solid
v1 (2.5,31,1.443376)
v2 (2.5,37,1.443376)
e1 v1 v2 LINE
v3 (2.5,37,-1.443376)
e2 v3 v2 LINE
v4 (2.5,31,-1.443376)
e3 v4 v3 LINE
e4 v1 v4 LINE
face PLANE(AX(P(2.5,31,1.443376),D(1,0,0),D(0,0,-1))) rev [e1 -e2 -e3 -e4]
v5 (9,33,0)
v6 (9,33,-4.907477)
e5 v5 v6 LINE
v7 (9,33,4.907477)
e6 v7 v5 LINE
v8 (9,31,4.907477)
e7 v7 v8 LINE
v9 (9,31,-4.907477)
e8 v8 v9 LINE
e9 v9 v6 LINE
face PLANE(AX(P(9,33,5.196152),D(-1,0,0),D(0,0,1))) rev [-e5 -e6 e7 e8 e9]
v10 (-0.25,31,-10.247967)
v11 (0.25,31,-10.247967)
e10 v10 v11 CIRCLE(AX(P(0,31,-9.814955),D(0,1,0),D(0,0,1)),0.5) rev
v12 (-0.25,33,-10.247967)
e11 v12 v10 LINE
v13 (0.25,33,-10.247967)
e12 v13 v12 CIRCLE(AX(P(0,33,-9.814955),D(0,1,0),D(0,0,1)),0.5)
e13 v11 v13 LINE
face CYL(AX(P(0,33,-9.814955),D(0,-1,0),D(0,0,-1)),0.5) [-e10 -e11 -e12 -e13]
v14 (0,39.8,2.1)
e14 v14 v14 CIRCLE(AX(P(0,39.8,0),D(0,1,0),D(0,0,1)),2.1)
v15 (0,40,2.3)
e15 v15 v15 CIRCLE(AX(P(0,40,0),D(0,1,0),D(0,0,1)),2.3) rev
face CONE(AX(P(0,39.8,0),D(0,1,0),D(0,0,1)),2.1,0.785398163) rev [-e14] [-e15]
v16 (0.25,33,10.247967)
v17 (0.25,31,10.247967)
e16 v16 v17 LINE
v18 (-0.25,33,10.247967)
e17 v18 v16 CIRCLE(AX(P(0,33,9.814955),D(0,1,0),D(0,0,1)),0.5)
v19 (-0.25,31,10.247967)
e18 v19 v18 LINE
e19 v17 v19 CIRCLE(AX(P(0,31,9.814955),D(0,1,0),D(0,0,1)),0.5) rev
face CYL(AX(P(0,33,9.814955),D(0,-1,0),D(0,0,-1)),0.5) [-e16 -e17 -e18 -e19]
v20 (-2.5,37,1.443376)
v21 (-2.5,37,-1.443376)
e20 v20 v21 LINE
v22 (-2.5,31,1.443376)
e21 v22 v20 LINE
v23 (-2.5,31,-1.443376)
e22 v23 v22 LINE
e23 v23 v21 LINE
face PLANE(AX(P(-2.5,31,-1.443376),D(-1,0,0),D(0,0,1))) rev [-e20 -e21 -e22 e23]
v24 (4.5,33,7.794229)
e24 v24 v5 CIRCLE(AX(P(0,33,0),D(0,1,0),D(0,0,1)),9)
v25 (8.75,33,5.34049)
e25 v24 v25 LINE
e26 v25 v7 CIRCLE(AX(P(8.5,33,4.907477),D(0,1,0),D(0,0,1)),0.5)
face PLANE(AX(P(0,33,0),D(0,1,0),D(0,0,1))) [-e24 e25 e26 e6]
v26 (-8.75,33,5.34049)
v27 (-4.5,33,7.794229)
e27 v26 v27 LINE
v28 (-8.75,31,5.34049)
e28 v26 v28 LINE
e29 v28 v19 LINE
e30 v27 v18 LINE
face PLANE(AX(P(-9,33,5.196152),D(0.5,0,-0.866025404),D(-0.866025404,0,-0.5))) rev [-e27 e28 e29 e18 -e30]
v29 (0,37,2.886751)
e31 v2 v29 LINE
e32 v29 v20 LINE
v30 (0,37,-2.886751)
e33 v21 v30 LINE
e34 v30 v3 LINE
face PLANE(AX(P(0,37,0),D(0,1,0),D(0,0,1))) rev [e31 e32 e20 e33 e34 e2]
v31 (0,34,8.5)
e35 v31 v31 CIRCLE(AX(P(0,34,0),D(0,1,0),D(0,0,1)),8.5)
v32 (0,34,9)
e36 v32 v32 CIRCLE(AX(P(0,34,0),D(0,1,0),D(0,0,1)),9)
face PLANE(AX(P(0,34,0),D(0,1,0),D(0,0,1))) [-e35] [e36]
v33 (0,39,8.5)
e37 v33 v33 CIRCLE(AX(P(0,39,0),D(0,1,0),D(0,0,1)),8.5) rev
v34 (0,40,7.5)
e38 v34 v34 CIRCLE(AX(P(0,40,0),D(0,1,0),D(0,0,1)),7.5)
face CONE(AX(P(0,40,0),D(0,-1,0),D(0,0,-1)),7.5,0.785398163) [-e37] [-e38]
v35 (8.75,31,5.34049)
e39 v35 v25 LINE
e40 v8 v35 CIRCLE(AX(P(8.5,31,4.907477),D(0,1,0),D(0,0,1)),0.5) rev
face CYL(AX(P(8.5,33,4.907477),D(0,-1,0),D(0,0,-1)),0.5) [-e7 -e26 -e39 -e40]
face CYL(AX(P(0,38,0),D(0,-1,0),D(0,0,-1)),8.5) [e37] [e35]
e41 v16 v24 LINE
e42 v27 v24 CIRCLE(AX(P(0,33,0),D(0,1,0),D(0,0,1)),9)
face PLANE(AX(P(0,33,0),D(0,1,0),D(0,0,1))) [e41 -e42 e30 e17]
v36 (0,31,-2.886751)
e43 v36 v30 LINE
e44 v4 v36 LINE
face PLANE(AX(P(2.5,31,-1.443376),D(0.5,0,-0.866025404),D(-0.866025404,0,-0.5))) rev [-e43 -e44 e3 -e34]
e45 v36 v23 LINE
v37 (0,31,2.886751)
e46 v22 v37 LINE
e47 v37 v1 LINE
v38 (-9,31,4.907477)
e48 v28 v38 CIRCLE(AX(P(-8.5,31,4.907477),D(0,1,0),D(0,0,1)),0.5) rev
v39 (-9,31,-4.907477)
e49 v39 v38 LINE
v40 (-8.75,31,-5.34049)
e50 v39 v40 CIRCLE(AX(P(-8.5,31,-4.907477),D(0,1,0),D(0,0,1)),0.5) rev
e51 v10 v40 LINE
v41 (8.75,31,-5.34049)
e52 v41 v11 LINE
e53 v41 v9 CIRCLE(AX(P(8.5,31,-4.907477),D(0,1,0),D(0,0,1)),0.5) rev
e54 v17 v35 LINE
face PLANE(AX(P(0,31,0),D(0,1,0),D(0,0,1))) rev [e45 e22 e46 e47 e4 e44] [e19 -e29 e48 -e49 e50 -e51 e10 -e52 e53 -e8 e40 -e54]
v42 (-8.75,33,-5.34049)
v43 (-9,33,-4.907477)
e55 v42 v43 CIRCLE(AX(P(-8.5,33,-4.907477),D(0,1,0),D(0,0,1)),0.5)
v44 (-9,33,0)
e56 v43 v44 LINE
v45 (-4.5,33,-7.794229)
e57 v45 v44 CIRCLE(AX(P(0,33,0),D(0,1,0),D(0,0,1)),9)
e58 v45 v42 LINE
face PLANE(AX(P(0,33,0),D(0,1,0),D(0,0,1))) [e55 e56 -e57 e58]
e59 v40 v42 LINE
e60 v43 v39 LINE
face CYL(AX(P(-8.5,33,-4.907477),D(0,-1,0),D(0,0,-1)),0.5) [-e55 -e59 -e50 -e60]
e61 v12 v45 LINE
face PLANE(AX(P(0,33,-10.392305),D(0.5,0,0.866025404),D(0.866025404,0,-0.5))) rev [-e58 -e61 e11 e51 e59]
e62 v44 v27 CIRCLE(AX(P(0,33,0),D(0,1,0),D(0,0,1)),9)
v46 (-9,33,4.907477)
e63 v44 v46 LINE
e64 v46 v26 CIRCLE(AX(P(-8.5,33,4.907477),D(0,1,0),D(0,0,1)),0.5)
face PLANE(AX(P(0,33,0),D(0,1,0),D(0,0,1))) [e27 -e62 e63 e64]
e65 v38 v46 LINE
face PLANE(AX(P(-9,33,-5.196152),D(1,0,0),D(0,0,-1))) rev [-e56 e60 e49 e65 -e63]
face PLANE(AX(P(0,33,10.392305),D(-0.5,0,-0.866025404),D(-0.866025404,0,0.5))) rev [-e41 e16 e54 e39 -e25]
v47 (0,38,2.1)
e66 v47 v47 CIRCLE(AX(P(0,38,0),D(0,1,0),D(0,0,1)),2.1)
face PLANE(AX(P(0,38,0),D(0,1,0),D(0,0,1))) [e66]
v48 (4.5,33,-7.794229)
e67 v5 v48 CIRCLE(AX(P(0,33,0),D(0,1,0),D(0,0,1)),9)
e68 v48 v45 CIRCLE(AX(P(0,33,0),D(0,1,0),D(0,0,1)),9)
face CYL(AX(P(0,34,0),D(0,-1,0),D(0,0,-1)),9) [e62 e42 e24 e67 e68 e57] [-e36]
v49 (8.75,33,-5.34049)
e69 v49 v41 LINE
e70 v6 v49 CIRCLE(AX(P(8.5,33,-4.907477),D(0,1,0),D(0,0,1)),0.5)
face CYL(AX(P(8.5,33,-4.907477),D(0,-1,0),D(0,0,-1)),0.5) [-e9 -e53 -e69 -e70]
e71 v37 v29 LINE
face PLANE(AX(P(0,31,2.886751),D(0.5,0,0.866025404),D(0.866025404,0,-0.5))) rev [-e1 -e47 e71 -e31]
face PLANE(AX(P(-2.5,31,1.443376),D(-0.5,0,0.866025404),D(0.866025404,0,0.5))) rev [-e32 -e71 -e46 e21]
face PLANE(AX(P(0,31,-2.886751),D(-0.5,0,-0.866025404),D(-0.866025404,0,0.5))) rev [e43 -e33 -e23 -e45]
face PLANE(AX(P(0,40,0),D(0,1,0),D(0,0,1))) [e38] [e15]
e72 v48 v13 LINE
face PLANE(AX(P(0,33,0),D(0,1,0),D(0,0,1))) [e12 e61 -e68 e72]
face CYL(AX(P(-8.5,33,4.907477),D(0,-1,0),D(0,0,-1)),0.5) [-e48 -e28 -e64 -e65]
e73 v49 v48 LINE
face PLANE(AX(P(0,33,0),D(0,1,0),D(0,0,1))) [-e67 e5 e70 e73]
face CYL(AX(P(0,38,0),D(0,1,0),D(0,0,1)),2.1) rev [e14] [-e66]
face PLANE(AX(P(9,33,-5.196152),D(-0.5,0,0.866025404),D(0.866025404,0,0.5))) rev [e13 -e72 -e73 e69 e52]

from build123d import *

# Parameters (mm, degrees)
BOSS_EXTRUDE1_DEPTH      = 2
FILLET1_R                = 0.5
SKETCH2_R                = 9
BOSS_EXTRUDE2_DEPTH      = 1
SKETCH3_R                = 8.5
BOSS_EXTRUDE3_DEPTH      = 4
CUT_EXTRUDE1_DEPTH       = 16.375249198
BOSS_EXTRUDE4_DEPTH      = 1
BOSS_EXTRUDE4_DEPTH_BACK = 1
SKETCH5_R                = 8.5
SKETCH6_R                = 8.5
BOSS_EXTRUDE5_DEPTH      = 1
CHAMFER2_SIZE            = 1
SKETCH7_R                = 2.1
CUT_EXTRUDE2_DEPTH       = 2
CHAMFER3_SIZE            = 0.2


with BuildPart() as part:
    # Sketch1 → Boss-Extrude1 (new body)
    with BuildSketch(Plane(origin=(0, 31, 0), x_dir=(1, 0, 0), z_dir=(0, 1, 0))):
        Polygon((0, 10.392304845), (-9, 5.196152423), (-9, -5.196152423), (0, -10.392304845), (9, -5.196152423), (9, 5.196152423), align=None)
    extrude(amount=BOSS_EXTRUDE1_DEPTH)

    # Fillet1
    fillet1_edges = [part.edges().sort_by_distance(p)[0] for p in [
        (9, 32, -5.196152423),
        (9, 32, 5.196152423),
        (0, 32, 10.392304845),
        (-9, 32, 5.196152423),
        (-9, 32, -5.196152423),
        (0, 32, -10.392304845),
    ]]
    fillet(fillet1_edges, radius=FILLET1_R)

    # Sketch2 → Boss-Extrude2 (add)
    with BuildSketch(Plane(origin=(0, 33, 0), x_dir=(1, 0, 0), z_dir=(0, 1, 0))):
        with Locations(Location((0, 0, 0), (0, 0, 60))):
            Circle(SKETCH2_R)
    extrude(amount=BOSS_EXTRUDE2_DEPTH)

    # Sketch3 → Boss-Extrude3 (add)
    with BuildSketch(Plane(origin=(0, 34, 0), x_dir=(1, 0, 0), z_dir=(0, 1, 0))):
        with Locations(Location((0, 0, 0), (0, 0, 270))):
            Circle(SKETCH3_R)
    extrude(amount=BOSS_EXTRUDE3_DEPTH)

    # Sketch4 → Cut-Extrude1 (cut, through all)
    with BuildSketch(Plane(origin=(0, 38, 0), x_dir=(1, 0, 0), z_dir=(0, 1, 0))):
        Polygon((0, 2.886751346), (-2.5, 1.443375673), (-2.5, -1.443375673), (0, -2.886751346), (2.5, -1.443375673), (2.5, 1.443375673), align=None)
    extrude(amount=-CUT_EXTRUDE1_DEPTH, mode=Mode.SUBTRACT)

    # Sketch5 → Boss-Extrude4 (add, two sides: drawn at the far end of the back side and taken through both)
    with BuildSketch(Plane(origin=(0, 38, 0), x_dir=(1, 0, 0), z_dir=(0, 1, 0)).offset(-BOSS_EXTRUDE4_DEPTH_BACK)):
        with Locations(Location((0, 0, 0), (0, 0, 270))):
            Circle(SKETCH5_R)
    extrude(amount=BOSS_EXTRUDE4_DEPTH + BOSS_EXTRUDE4_DEPTH_BACK)

    # Sketch6 → Boss-Extrude5 (add)
    with BuildSketch(Plane(origin=(0, 39, 0), x_dir=(1, 0, 0), z_dir=(0, 1, 0))):
        with Locations(Location((0, 0, 0), (0, 0, 270))):
            Circle(SKETCH6_R)
    extrude(amount=BOSS_EXTRUDE5_DEPTH)

    # Chamfer2
    chamfer2_edges = [part.edges().sort_by_distance(p)[0] for p in [
        (0, 40, -8.5),
    ]]
    chamfer(chamfer2_edges, length=CHAMFER2_SIZE)

    # Sketch7 → Cut-Extrude2 (cut)
    with BuildSketch(Plane(origin=(0, 40, 0), x_dir=(1, 0, 0), z_dir=(0, 1, 0))):
        with Locations(Location((0, 0, 0), (0, 0, 270))):
            Circle(SKETCH7_R)
    extrude(amount=-CUT_EXTRUDE2_DEPTH, mode=Mode.SUBTRACT)

    # Chamfer3
    chamfer3_edges = [part.edges().sort_by_distance(p)[0] for p in [
        (0, 40, -2.1),
    ]]
    chamfer(chamfer3_edges, length=CHAMFER3_SIZE)


solid = part.part
